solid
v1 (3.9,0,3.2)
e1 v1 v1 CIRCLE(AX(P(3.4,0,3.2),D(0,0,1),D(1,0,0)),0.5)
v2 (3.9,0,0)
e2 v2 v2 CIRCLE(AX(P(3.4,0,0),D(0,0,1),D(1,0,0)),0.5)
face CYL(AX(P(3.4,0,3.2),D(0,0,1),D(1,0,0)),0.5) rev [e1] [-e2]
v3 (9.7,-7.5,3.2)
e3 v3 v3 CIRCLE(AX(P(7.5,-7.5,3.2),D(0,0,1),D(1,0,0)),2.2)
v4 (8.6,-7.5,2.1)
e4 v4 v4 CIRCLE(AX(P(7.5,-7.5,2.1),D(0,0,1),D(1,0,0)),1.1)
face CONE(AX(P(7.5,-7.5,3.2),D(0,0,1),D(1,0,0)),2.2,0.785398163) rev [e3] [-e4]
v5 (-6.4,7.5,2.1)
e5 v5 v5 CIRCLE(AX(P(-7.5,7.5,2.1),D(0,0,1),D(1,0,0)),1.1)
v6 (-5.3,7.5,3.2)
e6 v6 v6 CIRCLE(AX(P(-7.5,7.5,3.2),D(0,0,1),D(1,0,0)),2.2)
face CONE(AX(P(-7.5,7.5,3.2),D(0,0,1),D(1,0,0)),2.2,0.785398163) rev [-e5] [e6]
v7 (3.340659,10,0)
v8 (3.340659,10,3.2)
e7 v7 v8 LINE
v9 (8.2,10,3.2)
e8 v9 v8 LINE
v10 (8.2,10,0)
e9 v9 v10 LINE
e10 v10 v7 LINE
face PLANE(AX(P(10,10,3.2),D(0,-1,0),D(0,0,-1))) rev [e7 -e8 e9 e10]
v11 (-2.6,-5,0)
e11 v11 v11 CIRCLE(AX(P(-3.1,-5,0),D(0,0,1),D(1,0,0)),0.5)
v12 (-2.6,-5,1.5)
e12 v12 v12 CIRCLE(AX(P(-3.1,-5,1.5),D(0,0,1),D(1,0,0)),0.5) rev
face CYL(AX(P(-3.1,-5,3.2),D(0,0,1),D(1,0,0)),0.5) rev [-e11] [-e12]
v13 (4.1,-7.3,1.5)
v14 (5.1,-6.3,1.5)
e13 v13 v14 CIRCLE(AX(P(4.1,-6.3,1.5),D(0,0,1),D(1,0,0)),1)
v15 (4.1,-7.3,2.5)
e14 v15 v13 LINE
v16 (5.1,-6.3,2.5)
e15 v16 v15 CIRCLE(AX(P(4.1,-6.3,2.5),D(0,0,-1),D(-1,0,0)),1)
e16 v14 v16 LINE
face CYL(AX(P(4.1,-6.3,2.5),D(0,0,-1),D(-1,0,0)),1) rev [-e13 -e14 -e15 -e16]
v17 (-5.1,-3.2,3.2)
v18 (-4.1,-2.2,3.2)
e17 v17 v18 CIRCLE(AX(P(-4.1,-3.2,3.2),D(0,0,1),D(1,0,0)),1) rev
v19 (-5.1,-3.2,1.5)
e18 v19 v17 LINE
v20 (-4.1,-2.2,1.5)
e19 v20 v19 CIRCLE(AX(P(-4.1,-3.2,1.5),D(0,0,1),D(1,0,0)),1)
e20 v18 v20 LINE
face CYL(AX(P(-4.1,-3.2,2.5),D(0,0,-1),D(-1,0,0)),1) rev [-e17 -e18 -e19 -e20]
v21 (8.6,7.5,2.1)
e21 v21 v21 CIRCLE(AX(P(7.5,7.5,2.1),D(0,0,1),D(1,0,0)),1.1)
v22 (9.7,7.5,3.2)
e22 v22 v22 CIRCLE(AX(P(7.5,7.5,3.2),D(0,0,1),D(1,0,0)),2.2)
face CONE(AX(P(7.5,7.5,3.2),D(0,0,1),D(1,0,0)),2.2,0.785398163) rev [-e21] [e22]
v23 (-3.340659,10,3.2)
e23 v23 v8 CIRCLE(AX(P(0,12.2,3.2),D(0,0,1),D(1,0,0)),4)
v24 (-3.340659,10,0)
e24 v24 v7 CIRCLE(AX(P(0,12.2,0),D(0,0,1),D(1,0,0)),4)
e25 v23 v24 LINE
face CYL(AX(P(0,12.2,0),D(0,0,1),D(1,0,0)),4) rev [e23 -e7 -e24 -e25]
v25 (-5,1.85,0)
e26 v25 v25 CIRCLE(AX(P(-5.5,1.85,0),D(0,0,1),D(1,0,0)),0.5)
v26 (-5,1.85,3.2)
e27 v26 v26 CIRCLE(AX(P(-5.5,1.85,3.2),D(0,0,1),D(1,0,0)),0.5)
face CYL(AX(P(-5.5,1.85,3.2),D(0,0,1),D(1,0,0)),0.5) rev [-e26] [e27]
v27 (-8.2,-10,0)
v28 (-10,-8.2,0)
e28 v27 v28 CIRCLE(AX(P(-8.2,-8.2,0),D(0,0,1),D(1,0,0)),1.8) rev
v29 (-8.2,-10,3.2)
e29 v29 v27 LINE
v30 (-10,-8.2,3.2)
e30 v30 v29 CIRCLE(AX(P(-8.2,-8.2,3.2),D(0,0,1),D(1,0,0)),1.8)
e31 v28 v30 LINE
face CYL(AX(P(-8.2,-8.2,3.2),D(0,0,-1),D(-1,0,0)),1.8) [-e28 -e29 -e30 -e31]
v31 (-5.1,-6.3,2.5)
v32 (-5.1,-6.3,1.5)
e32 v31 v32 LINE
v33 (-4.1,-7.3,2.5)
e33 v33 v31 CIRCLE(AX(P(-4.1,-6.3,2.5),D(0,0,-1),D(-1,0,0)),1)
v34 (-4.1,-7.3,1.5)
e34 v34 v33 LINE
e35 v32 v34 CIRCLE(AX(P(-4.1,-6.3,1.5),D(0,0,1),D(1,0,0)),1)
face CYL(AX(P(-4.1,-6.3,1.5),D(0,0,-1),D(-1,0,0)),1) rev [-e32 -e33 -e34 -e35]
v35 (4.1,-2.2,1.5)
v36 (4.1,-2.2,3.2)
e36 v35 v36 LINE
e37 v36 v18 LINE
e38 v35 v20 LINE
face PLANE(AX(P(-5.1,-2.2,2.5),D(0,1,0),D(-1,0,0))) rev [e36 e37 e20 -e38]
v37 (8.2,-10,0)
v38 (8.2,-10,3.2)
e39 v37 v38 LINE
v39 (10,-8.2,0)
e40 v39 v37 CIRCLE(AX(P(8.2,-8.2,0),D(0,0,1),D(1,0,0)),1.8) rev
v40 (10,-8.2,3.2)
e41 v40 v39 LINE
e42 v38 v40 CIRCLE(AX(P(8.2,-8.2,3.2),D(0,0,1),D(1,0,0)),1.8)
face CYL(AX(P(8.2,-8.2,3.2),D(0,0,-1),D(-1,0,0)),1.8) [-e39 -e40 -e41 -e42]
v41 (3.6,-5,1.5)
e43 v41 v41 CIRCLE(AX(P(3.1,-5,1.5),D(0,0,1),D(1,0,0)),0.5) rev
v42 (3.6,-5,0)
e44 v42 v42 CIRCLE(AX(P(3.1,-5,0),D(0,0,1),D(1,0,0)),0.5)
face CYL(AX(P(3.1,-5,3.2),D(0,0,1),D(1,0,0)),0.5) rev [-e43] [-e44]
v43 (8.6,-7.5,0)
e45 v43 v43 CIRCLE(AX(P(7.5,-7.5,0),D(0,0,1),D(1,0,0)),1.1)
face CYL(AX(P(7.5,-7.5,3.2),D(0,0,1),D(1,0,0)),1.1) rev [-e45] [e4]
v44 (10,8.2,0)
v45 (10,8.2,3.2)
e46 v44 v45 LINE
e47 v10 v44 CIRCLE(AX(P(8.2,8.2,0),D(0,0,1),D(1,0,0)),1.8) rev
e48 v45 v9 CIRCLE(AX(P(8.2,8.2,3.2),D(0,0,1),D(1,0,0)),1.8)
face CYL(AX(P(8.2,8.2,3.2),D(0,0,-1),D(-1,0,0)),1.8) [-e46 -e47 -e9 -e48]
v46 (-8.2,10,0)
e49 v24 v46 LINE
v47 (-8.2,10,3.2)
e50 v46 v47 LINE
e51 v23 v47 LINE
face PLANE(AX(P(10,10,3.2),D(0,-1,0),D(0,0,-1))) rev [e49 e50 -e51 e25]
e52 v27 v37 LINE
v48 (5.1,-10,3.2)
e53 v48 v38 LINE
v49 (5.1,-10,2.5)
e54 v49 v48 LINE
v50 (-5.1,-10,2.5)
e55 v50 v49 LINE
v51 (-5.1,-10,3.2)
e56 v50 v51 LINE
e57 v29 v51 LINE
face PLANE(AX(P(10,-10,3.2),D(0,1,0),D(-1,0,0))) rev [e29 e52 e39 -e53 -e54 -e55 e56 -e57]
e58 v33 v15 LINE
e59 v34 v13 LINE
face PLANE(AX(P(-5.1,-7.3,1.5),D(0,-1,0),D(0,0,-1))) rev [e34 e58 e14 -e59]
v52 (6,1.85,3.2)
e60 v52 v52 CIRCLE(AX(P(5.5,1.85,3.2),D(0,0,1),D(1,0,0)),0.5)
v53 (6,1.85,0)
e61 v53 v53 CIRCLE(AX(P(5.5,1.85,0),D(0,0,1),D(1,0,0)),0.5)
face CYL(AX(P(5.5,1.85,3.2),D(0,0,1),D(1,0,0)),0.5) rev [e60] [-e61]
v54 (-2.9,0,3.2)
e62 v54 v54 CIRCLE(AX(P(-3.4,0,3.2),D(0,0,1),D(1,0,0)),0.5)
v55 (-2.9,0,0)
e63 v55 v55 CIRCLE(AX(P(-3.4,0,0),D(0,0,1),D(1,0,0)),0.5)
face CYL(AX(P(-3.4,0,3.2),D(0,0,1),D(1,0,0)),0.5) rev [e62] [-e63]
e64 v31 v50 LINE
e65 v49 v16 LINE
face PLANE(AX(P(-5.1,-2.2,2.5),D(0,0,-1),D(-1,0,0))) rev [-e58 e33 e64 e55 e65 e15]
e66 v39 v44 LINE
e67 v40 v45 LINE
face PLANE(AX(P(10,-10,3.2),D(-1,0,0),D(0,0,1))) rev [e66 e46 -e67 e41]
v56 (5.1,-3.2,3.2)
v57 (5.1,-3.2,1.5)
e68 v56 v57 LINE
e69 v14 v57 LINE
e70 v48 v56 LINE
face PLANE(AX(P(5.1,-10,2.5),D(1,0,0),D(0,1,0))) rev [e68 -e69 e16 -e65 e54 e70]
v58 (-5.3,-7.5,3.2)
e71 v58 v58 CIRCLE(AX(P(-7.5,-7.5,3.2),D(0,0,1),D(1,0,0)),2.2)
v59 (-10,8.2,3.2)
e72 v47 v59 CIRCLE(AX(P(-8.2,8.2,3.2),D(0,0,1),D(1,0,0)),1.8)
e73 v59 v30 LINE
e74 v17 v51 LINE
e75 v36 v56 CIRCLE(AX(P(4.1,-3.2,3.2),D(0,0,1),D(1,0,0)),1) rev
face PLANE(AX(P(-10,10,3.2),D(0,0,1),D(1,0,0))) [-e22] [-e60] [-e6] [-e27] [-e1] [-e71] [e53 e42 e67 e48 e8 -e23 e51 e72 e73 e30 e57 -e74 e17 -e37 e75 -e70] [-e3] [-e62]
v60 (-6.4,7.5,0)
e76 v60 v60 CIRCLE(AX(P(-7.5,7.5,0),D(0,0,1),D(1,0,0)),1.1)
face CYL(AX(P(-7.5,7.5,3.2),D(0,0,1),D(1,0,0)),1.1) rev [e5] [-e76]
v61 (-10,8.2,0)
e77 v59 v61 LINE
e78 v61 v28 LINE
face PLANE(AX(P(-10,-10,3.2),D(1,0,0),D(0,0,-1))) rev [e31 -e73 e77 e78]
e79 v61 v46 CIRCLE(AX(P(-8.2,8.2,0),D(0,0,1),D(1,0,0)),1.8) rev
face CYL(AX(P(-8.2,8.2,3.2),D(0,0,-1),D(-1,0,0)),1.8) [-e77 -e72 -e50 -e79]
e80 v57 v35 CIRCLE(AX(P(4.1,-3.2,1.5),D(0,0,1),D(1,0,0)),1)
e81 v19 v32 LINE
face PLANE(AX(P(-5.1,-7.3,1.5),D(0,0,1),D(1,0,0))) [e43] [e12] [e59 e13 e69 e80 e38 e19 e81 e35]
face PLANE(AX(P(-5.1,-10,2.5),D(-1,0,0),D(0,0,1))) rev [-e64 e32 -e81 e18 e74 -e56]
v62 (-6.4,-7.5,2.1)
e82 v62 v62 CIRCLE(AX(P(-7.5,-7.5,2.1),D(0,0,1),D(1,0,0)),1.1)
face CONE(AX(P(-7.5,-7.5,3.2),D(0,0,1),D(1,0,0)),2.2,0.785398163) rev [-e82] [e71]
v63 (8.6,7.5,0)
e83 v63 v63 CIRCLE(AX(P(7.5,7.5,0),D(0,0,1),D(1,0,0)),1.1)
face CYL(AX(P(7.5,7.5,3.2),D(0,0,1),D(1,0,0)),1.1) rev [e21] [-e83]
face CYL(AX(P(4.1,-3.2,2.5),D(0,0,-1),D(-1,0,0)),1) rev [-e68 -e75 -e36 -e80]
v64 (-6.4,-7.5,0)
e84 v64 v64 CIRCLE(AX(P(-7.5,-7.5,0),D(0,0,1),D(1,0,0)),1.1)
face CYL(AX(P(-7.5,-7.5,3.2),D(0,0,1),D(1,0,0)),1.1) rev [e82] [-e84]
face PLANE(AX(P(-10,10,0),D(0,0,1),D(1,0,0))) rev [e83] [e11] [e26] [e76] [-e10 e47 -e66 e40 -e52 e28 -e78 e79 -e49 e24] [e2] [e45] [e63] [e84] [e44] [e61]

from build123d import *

# Parameters (mm, degrees)
ESQUISSE1_W                                    = 20
ESQUISSE1_H                                    = 20
BOSS_EXTRU_1_DEPTH                             = 3.2
CONG_1_R                                       = 1.8
DIAM_TRE_DU_PER_AGE_1_0_1_1_D                  = 1
ESQUISSE4_W                                    = 10.2
ESQUISSE4_H                                    = 7.8
ENL_V_MAT_EXTRU_1_DEPTH                        = 0.7
ESQUISSE5_W                                    = 10.2
ESQUISSE5_H                                    = 5.1
ENL_V_MAT_EXTRU_2_DEPTH                        = 1
CONG_2_R                                       = 1
FRAISAGE_POUR_VIS_T_TE_FRAIS_E_M21_D           = 2.2
FRAISAGE_POUR_VIS_T_TE_FRAIS_E_M21_CSINK_D     = 4.4
FRAISAGE_POUR_VIS_T_TE_FRAIS_E_M21_CSINK_ANGLE = 90
ESQUISSE8_R                                    = 4
ENL_V_MAT_EXTRU_3_DEPTH                        = 15.499655168


with BuildPart() as part:
    # Esquisse1 → Boss.-Extru.1 (new body)
    with BuildSketch(Plane.XY):
        Rectangle(ESQUISSE1_W, ESQUISSE1_H)
    extrude(amount=BOSS_EXTRU_1_DEPTH)

    # Congé1
    cong_1_edges = [part.edges().sort_by_distance(p)[0] for p in [
        (-10, 10, 1.6),
        (10, 10, 1.6),
        (10, -10, 1.6),
        (-10, -10, 1.6),
    ]]
    fillet(cong_1_edges, radius=CONG_1_R)

    # Diamètre du perçage Ø1.0 (1)1 (through all)
    with Locations(Plane.XY.offset(3.2)):
        with Locations((3.1, -5), (3.4, 0), (5.5, 1.85), (-5.5, 1.85), (-3.4, 0), (-3.1, -5)):
            Hole(DIAM_TRE_DU_PER_AGE_1_0_1_1_D / 2)

    # Esquisse4 → Enlèv. mat.-Extru.1 (cut)
    with BuildSketch(Plane.XY.offset(3.2)):
        with Locations((0, -6.1)):
            Rectangle(ESQUISSE4_W, ESQUISSE4_H)
    extrude(amount=-ENL_V_MAT_EXTRU_1_DEPTH, mode=Mode.SUBTRACT)

    # Esquisse5 → Enlèv. mat.-Extru.2 (cut)
    with BuildSketch(Plane.XY.offset(2.5)):
        with Locations((0, -4.75)):
            Rectangle(ESQUISSE5_W, ESQUISSE5_H)
    extrude(amount=-ENL_V_MAT_EXTRU_2_DEPTH, mode=Mode.SUBTRACT)

    # Congé2
    cong_2_edges = [part.edges().sort_by_distance(p)[0] for p in [
        (-5.1, -2.2, 2.35),
        (5.1, -2.2, 2.35),
        (-5.1, -7.3, 2),
        (5.1, -7.3, 2),
    ]]
    fillet(cong_2_edges, radius=CONG_2_R)

    # Fraisage pour vis à tête fraisée M21 (through all)
    with Locations(Plane.XY.offset(3.2)):
        with Locations((-7.5, 7.5), (-7.5, -7.5), (7.5, -7.5), (7.5, 7.5)):
            CounterSinkHole(FRAISAGE_POUR_VIS_T_TE_FRAIS_E_M21_D / 2, FRAISAGE_POUR_VIS_T_TE_FRAIS_E_M21_CSINK_D / 2, counter_sink_angle=FRAISAGE_POUR_VIS_T_TE_FRAIS_E_M21_CSINK_ANGLE)

    # Esquisse8 → Enlèv. mat.-Extru.3 (cut, through all)
    with BuildSketch(Plane.XY.offset(3.2)):
        with Locations((0, 12.2)):
            Circle(ESQUISSE8_R)
    extrude(amount=-ENL_V_MAT_EXTRU_3_DEPTH, mode=Mode.SUBTRACT)


solid = part.part
